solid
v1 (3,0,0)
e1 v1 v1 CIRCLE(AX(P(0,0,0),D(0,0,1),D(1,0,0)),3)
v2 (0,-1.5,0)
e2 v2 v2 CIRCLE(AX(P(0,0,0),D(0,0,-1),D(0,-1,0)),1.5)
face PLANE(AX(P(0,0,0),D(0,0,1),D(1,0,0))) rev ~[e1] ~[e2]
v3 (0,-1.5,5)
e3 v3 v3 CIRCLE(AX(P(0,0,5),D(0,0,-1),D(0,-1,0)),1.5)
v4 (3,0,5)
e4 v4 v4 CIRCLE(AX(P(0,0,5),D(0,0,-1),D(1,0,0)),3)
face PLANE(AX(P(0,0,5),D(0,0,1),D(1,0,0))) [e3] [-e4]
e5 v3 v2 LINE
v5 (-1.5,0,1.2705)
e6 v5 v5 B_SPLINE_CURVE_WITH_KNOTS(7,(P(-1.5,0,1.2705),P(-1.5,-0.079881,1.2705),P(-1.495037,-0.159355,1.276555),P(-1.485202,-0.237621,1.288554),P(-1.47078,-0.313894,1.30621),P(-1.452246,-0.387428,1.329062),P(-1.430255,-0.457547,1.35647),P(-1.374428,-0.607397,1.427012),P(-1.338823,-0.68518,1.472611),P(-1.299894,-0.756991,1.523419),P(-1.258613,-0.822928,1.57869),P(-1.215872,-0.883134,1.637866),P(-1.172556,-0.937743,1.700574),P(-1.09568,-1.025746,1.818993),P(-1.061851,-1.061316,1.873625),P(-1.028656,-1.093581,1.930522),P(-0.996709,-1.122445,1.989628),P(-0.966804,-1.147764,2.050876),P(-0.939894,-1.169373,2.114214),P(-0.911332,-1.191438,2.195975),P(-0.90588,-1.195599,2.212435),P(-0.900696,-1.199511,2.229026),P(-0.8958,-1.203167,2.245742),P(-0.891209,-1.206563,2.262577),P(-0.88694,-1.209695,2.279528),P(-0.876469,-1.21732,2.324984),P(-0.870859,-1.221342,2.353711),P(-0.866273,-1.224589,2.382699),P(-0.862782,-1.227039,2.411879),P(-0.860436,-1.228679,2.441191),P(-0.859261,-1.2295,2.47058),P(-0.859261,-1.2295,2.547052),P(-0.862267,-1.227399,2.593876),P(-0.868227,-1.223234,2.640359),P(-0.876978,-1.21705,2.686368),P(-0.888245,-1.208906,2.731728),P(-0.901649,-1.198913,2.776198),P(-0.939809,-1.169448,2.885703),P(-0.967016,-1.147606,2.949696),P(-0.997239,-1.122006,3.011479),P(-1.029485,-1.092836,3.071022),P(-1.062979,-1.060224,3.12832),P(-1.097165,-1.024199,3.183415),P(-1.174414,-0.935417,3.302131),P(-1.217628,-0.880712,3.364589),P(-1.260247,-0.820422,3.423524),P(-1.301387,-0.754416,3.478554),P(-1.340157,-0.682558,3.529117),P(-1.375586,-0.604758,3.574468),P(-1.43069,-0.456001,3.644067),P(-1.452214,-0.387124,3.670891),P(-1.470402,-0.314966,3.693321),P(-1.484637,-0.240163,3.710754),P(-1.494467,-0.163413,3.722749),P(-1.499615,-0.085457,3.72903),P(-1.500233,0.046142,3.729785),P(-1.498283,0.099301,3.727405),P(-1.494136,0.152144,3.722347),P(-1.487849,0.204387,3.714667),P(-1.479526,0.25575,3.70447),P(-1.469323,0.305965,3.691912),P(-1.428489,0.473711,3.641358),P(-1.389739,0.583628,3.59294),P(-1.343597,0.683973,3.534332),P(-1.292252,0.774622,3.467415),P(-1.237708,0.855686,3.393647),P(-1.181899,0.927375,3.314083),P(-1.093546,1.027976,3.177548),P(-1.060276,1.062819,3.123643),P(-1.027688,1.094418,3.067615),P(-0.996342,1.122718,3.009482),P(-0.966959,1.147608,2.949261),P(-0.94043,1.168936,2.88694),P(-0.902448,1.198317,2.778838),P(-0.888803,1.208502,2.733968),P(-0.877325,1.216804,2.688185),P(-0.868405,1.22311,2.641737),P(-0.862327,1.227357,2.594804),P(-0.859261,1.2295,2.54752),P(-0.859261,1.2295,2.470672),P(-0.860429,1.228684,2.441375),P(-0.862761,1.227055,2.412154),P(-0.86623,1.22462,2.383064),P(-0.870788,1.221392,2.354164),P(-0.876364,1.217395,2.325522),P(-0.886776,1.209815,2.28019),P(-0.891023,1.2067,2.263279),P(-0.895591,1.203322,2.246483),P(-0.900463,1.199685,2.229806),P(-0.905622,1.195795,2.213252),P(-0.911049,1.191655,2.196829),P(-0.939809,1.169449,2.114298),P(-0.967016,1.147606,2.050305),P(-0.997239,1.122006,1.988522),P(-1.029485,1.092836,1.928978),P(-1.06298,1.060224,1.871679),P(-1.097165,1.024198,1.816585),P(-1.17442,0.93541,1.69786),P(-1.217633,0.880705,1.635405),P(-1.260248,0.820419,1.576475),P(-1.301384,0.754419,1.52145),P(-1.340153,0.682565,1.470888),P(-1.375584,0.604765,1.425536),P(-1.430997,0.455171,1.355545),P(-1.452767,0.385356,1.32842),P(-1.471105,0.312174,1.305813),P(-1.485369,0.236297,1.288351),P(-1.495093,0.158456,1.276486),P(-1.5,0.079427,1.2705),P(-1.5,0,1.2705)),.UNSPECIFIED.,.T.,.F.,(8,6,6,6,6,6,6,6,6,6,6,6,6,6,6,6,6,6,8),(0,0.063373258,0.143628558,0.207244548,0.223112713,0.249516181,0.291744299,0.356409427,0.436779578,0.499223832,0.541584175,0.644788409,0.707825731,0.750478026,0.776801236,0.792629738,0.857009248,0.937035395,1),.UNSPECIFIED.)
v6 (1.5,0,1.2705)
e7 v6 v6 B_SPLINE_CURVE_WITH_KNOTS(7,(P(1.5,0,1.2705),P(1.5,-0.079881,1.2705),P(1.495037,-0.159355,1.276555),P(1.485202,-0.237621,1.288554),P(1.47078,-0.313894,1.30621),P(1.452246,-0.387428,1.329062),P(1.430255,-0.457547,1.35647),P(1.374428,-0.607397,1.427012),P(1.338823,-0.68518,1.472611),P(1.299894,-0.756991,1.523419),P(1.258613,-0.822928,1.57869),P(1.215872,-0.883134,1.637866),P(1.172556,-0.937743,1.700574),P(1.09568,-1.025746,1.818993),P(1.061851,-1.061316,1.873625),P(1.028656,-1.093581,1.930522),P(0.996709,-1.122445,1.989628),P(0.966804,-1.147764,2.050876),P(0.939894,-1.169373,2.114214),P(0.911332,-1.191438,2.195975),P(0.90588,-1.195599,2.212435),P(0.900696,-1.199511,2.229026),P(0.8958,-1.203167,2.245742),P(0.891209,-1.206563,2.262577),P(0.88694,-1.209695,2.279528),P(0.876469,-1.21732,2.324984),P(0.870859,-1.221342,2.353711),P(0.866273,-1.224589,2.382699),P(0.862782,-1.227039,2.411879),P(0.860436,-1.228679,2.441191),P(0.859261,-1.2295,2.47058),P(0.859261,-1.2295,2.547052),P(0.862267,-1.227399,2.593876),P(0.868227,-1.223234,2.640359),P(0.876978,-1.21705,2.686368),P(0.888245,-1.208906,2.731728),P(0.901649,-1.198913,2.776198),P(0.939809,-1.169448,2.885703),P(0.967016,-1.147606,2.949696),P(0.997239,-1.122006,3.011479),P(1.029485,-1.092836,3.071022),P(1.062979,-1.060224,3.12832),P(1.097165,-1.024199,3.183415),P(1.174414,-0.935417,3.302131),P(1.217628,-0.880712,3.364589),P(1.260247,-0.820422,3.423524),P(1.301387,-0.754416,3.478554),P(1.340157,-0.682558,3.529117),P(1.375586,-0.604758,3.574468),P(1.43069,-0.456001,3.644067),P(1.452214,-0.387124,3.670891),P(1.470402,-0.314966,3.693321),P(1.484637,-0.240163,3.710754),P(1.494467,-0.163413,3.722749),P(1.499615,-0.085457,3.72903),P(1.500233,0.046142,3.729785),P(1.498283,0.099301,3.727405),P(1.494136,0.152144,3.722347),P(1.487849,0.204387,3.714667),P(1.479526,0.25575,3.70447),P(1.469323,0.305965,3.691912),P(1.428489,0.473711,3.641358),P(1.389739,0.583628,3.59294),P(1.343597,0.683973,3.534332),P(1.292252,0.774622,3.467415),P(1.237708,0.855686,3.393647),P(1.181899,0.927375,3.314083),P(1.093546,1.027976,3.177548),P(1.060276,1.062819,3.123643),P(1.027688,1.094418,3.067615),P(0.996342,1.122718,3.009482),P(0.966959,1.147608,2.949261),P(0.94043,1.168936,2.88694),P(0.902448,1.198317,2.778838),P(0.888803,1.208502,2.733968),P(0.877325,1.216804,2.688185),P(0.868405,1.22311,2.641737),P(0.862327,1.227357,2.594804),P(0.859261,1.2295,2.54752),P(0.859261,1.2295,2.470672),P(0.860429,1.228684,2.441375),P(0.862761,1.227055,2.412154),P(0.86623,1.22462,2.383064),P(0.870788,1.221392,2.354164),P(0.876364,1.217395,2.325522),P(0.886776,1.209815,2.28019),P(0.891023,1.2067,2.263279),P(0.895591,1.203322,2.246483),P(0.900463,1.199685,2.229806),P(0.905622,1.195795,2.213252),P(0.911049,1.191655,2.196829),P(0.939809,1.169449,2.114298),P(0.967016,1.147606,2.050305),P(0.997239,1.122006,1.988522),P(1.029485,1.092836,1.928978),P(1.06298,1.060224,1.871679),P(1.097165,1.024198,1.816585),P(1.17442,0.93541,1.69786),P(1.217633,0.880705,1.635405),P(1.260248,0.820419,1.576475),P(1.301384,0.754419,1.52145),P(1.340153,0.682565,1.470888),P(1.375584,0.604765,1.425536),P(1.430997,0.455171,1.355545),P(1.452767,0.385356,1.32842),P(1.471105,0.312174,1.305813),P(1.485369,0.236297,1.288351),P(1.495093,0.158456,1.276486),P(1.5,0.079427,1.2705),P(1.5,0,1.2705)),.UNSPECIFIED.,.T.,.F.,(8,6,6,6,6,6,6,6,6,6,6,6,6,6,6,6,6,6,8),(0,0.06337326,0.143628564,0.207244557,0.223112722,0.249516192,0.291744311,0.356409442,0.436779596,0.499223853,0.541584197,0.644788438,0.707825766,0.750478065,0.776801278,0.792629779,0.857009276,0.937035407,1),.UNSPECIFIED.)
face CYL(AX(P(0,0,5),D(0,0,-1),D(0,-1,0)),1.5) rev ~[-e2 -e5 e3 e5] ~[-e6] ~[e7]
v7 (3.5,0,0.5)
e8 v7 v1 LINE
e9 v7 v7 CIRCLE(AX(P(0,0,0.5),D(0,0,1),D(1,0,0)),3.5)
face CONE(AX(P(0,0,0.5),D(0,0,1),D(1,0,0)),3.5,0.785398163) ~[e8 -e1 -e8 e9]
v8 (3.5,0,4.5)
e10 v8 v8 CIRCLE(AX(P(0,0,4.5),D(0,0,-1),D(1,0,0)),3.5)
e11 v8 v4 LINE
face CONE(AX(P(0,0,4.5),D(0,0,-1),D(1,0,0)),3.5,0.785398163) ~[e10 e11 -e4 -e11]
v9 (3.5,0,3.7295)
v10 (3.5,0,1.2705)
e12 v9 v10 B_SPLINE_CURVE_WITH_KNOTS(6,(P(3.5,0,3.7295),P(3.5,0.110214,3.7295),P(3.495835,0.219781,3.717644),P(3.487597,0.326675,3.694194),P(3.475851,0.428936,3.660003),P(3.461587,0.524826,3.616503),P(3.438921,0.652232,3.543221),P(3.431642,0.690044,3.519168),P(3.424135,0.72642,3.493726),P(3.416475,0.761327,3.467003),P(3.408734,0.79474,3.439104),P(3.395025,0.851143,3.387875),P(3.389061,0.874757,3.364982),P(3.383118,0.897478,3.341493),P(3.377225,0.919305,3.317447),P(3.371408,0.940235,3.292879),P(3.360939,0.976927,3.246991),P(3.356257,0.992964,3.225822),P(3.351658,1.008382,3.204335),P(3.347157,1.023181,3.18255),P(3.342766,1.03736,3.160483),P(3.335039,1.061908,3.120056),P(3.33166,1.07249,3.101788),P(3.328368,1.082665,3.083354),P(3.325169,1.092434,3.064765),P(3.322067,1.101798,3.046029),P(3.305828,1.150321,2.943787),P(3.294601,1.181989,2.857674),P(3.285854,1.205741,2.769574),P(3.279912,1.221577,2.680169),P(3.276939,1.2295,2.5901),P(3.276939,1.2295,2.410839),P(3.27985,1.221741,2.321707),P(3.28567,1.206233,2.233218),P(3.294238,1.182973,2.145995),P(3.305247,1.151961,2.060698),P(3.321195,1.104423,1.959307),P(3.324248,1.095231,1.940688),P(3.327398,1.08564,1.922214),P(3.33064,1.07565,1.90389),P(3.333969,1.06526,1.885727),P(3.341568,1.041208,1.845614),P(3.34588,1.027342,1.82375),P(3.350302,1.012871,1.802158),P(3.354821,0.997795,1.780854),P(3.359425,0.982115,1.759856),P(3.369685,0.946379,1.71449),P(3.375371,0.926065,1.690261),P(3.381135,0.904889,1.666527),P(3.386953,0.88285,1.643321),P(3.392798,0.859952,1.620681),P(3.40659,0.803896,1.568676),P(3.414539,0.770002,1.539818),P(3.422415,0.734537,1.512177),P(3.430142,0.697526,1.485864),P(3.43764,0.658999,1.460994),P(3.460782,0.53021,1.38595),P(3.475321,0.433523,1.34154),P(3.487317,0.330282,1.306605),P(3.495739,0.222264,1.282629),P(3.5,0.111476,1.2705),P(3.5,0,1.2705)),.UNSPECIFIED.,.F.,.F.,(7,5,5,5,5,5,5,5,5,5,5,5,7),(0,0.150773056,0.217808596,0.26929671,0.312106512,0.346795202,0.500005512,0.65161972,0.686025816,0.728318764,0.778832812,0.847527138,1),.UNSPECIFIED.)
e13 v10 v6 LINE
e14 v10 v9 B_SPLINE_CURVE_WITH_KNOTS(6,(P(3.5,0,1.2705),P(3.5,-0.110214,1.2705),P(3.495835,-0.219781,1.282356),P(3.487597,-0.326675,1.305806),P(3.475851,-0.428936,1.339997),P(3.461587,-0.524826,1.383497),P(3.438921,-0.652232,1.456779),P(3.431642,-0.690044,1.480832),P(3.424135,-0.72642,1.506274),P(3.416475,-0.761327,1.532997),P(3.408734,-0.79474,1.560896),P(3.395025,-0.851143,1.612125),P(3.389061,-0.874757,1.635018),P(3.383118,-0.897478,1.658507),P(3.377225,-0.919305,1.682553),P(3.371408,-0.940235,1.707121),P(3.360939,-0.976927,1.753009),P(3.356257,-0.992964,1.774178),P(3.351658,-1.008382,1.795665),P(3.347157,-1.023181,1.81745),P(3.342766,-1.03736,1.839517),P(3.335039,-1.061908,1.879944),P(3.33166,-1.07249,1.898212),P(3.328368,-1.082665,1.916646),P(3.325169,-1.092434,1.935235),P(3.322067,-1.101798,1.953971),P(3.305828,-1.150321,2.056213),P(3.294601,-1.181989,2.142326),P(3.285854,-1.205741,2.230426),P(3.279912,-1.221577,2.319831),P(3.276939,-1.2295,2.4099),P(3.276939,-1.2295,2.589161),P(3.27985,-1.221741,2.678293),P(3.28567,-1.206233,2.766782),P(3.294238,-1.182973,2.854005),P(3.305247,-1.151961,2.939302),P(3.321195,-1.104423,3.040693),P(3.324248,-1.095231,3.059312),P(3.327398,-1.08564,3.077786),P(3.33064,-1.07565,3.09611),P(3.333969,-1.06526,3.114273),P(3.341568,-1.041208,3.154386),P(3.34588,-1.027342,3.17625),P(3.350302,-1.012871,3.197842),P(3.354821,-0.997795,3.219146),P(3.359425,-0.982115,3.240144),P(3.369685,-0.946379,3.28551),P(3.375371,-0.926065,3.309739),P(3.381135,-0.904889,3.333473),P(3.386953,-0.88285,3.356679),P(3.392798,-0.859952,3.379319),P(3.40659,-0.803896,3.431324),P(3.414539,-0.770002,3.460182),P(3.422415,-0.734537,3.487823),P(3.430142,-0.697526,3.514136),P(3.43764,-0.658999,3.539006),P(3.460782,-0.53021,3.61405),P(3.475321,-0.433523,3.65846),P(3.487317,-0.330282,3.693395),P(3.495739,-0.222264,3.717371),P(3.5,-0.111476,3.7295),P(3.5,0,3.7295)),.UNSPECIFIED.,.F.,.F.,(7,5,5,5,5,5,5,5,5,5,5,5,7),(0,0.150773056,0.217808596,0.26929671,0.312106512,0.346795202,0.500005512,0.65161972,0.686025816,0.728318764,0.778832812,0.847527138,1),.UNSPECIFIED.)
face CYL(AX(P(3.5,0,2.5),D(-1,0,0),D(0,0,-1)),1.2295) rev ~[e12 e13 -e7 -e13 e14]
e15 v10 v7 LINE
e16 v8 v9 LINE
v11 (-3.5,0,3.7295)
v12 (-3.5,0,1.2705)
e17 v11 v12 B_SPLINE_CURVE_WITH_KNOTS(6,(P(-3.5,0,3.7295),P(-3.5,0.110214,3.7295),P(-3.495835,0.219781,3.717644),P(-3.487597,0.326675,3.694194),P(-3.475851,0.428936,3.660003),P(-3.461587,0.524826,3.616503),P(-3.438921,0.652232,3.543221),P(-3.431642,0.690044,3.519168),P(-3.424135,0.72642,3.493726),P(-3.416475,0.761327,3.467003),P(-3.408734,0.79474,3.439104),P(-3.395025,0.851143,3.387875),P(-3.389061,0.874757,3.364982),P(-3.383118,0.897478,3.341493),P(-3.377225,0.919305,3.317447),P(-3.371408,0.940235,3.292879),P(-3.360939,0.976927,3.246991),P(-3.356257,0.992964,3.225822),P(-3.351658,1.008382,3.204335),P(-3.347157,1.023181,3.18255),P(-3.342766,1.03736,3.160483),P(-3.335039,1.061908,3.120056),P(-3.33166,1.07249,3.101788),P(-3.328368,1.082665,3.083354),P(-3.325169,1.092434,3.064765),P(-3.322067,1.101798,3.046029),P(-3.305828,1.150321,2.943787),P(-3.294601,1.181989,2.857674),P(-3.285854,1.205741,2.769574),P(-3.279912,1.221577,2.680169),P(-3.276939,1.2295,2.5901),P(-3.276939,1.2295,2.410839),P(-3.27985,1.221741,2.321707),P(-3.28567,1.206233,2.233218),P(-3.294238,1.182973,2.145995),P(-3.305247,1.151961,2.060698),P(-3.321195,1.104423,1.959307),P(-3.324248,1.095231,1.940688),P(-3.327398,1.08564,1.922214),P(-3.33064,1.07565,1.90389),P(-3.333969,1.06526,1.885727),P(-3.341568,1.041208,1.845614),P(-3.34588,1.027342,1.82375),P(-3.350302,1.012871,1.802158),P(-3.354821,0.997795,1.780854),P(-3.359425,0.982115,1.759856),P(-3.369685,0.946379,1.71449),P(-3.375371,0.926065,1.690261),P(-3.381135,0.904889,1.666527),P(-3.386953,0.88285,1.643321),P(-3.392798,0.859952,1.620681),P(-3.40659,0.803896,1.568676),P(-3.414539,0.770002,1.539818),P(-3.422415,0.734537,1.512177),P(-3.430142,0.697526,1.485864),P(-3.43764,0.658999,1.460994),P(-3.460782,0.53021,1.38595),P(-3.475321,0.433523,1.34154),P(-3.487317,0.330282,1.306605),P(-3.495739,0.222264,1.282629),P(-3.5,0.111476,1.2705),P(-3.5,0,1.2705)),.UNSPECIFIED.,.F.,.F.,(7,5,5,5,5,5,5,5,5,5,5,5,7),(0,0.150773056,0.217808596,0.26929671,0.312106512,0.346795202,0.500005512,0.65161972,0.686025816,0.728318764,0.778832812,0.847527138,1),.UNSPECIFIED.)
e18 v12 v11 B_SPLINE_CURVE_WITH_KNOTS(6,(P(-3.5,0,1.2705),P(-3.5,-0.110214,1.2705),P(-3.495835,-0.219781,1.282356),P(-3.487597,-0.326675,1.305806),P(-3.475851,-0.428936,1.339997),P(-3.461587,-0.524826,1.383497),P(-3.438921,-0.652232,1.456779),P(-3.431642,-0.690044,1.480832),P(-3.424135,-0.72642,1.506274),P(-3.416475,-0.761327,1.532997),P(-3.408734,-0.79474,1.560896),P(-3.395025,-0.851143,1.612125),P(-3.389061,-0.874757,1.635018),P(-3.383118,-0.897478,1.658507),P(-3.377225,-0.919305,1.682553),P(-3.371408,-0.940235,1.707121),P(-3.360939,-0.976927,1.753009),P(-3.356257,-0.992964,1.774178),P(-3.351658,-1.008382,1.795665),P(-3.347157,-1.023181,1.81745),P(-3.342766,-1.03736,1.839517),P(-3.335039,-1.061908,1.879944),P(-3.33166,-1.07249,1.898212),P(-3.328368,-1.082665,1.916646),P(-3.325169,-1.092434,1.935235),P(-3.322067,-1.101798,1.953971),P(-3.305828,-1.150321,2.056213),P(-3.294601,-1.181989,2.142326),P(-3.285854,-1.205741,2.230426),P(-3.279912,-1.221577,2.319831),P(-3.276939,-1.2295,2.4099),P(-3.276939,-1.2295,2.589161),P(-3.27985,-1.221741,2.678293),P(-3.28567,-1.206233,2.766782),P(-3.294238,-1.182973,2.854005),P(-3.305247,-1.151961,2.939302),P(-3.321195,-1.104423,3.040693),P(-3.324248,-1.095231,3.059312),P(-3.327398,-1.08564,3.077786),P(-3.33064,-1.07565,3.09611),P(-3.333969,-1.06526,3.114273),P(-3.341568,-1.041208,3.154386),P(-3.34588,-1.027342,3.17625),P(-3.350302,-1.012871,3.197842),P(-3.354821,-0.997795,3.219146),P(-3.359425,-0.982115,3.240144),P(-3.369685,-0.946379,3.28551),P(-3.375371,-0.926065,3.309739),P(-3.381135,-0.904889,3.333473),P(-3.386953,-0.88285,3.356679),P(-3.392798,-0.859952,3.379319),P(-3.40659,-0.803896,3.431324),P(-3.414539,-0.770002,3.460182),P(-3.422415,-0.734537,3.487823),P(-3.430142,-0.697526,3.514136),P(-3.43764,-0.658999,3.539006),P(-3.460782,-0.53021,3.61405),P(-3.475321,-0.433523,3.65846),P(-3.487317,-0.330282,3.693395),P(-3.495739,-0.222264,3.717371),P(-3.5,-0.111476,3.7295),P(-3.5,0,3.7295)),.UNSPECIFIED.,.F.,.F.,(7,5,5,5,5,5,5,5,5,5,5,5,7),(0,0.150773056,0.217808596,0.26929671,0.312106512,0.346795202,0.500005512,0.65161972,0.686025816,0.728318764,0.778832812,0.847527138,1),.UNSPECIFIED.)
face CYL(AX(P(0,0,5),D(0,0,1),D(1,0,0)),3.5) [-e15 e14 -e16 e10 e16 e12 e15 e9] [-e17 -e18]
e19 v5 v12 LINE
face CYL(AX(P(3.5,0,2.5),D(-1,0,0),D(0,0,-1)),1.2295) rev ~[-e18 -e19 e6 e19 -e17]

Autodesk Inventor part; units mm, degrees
ref_plane "YZ Plane" through (0, 0, 0) normal (1, 0, 0) x (0, 1, 0)
ref_plane "XZ Plane" through (0, 0, 0) normal (0, 1, 0) x (-1, 0, 0)
ref_plane "XY Plane" through (0, 0, 0) normal (0, 0, 1) x (1, 0, 0)
sketch "スケッチ1" plane through (0, 0, 0) normal (0, 0, 1) x (1, 0, 0)
  line L0 (-3.5, 3.5) -> (3.5, 3.5)
  line L1 (3.5, 3.5) -> (3.5, -3.5)
  line L2 (3.5, -3.5) -> (-3.5, -3.5)
  line L3 (-3.5, -3.5) -> (-3.5, 3.5)
  line L4 (-3.5, 3.5) -> (3.5, -3.5) construction
  line L5 (3.5, 3.5) -> (-3.5, -3.5) construction
  point P0 (0, 0)
  dimension "d0" = 7
  dimension "d2" = 7
extrude "押し出し1" add sketch "スケッチ1" along normal blind 5
sketch "スケッチ2" plane through (3.5, -3.5, 0) normal (1, 0, 0) x (0, 0, -1)
  line L0 (-5, 0) -> (-5, 7) projected
  line L1 (0, 0) -> (-5, 0) projected
  point P0 (0, 3.5)
  point P1 (-2.5, 3.5)
  dimension "d5" = 2.5
  dimension "d6" = 3.5
hole "穴1" at (3.5, 0, 2.5) direction (-1, 0, 0) diameter 2.459 end through all thread size "M3x0.5" class "6H" standard "ANSI Metric M Profile"
sketch "スケッチ3" plane through (0, 0, 5) normal (0, 0, 1) x (1, 0, 0)
  line L0 (3.5, 3.5) -> (-3.5, 3.5) projected
  line L1 (-3.5, 3.5) -> (-3.5, -3.5) projected
  line L2 (-3.5, -3.5) -> (3.5, -3.5) projected
  line L3 (3.5, -3.5) -> (3.5, 3.5) projected
  circle A0 centre (0, 0) radius 3.5
  point P0 (0, 0)
extrude "押し出し2" cut sketch "スケッチ3" against normal blind 5 contours L3 A0 L0 | A0 L1 L0 | L3 L2 A0 | A0 L2 L1
sketch "スケッチ4" plane through (0, 0, 5) normal (0, 0, 1) x (1, 0, 0)
  circle A0 centre (0, 0) radius 3.5 projected
  circle A1 centre (0, 0) radius 1.5
  dimension "d16" = 3
hole "穴2" at (0, 0, 5) at (0, 0, 5) direction (0, 0, -1) diameter 3 end through all
chamfer "面取り1" distance 0.5 angle 45 2 edges at (-3.5, 0, 0) (-3.5, 0, 5)
properties part number "sttopa" material "アルミニウム 2014-T4"
